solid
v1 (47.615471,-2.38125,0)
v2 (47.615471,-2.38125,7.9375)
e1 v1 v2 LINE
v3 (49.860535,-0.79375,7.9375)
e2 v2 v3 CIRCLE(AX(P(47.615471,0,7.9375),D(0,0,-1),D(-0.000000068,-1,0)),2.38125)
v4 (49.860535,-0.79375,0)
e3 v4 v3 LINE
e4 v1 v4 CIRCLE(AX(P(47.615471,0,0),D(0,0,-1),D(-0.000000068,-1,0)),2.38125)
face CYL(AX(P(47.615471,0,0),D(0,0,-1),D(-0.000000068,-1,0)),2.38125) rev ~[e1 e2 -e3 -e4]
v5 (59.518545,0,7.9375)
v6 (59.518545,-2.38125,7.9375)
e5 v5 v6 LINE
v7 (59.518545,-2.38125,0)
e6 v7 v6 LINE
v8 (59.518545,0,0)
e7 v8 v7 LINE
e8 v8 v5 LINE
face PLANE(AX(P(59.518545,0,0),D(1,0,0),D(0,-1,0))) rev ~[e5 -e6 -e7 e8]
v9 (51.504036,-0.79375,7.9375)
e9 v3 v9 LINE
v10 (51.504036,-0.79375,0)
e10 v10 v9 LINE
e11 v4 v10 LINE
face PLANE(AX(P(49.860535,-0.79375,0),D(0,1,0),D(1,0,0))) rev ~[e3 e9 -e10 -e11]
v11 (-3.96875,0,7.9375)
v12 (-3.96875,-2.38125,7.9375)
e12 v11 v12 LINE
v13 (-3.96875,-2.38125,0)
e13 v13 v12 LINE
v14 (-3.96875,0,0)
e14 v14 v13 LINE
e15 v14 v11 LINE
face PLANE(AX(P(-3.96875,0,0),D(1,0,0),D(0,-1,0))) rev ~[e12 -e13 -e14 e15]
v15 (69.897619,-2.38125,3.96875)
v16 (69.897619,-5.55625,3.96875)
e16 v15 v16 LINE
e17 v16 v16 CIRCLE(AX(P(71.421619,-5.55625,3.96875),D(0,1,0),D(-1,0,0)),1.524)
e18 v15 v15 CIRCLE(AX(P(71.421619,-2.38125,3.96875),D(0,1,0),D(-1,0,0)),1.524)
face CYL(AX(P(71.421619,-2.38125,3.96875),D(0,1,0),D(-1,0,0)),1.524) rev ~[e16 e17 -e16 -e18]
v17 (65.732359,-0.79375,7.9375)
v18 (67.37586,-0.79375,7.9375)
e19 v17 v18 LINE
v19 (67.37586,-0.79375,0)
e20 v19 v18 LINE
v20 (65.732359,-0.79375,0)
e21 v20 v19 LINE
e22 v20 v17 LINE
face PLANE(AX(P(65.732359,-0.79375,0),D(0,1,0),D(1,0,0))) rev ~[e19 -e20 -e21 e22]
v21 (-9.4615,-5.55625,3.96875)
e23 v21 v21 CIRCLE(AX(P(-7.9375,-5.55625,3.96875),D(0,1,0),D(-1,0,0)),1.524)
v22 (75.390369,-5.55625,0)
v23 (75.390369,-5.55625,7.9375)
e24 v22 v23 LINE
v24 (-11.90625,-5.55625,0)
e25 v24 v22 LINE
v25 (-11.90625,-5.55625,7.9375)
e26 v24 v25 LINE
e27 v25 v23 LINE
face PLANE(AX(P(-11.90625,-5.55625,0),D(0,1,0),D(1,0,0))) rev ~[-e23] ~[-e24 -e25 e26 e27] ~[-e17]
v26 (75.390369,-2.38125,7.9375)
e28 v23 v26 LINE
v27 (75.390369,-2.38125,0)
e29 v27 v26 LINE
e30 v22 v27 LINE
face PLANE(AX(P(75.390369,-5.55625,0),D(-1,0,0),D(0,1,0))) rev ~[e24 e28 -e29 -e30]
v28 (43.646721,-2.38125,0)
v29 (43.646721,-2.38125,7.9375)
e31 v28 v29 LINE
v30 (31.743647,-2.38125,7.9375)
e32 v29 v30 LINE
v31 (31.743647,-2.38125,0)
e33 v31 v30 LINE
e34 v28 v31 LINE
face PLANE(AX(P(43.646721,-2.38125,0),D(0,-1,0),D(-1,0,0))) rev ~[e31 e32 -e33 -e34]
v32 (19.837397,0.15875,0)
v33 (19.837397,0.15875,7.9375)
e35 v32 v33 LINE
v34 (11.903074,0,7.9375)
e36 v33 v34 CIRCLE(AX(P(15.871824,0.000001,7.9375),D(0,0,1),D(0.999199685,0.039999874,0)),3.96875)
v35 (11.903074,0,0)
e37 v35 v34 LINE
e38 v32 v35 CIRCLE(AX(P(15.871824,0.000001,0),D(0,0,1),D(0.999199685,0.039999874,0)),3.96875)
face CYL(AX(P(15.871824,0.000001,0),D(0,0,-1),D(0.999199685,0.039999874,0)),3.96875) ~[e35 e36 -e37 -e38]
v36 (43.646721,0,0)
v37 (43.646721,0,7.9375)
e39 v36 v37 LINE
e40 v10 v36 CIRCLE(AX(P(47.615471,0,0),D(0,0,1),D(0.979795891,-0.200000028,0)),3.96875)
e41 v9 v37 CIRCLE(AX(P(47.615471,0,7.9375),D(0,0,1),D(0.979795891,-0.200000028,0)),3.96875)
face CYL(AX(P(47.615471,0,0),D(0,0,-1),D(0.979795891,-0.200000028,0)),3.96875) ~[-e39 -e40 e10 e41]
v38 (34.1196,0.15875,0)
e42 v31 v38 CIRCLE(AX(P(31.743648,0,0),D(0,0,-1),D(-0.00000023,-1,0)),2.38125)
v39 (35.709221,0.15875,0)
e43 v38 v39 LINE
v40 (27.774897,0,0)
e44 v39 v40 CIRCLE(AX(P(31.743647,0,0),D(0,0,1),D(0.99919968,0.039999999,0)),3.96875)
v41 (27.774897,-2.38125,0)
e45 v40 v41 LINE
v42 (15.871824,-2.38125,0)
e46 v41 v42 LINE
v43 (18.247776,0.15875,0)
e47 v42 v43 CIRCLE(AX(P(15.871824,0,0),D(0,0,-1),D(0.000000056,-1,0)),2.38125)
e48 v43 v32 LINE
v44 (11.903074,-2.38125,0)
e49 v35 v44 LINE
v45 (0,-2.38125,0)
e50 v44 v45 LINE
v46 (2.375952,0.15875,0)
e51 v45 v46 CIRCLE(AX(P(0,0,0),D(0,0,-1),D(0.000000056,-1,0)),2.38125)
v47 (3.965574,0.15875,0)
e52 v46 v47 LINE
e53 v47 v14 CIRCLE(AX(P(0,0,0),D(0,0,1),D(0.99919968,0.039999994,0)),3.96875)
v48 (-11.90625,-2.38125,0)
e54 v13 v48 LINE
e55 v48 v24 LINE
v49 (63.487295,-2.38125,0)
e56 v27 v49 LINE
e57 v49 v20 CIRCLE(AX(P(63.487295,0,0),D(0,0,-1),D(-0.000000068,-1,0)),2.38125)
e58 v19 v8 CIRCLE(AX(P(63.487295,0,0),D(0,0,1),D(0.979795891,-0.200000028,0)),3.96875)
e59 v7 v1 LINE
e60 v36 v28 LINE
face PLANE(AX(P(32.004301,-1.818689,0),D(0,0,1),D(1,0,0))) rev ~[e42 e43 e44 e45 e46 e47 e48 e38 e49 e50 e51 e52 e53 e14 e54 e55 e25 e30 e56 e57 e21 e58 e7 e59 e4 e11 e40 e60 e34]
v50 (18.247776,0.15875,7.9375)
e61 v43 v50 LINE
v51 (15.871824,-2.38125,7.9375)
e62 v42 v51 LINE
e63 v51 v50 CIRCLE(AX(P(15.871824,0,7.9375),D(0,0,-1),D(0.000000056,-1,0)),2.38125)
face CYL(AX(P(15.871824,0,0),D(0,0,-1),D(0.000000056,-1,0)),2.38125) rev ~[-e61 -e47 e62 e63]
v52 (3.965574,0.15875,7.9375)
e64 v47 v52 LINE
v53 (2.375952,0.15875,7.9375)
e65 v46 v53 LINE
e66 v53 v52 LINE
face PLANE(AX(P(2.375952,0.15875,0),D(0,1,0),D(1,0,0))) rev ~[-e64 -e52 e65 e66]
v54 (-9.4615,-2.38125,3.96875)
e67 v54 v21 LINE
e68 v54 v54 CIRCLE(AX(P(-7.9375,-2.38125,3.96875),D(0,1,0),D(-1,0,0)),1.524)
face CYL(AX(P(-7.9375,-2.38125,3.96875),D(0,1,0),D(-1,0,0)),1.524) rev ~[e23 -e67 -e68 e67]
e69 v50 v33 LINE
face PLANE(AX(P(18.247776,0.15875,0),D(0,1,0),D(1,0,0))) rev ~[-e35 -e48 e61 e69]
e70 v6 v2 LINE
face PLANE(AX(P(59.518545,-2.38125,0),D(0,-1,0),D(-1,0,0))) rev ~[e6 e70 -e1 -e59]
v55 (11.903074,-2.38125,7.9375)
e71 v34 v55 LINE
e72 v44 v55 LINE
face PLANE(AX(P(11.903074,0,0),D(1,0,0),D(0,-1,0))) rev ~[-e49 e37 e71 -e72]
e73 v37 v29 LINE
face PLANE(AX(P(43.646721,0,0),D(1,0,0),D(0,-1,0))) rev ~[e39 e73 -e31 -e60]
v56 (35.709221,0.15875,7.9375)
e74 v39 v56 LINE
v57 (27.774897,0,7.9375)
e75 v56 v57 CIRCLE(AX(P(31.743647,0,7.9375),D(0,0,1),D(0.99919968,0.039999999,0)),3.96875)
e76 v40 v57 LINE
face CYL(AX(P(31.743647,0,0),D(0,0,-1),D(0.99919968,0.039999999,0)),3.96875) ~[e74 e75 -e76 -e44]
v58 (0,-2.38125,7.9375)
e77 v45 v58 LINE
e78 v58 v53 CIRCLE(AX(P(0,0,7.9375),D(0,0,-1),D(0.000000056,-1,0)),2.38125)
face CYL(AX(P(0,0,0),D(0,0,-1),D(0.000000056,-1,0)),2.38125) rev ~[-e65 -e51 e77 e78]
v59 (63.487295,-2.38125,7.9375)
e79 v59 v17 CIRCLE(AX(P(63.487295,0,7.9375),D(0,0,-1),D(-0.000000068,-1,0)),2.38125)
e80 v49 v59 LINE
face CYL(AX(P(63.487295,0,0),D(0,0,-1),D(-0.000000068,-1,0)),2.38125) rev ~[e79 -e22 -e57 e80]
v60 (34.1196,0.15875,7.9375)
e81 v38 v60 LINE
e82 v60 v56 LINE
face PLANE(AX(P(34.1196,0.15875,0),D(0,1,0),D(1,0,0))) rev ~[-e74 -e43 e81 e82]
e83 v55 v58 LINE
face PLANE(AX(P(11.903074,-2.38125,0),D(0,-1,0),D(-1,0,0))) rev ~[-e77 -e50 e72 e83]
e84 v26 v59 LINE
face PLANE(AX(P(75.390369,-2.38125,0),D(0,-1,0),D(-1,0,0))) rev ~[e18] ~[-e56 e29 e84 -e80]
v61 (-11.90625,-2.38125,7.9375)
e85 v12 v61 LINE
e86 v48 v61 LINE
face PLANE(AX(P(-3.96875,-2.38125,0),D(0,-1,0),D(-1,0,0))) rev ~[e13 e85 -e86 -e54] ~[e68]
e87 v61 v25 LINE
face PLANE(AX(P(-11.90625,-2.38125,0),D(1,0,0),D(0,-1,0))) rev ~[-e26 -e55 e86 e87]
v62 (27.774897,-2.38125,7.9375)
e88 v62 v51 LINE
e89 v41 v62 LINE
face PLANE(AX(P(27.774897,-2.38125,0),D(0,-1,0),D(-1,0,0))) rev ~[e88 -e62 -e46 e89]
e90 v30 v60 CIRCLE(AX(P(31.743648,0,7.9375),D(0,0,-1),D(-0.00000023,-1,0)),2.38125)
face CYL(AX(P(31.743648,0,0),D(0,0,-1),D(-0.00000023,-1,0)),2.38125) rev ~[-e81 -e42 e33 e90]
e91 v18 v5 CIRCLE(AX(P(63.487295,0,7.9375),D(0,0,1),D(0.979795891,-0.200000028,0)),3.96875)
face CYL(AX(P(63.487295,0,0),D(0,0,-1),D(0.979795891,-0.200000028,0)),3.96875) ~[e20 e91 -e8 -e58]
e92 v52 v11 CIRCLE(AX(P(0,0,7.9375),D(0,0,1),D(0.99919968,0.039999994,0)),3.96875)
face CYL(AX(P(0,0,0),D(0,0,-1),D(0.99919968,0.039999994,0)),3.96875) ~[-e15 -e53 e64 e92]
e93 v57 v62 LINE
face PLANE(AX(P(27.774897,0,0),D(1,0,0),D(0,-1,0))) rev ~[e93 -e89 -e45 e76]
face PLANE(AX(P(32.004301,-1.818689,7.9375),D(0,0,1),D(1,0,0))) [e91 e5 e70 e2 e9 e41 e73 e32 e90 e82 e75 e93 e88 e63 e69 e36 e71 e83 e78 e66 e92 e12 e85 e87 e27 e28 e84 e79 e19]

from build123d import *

# Parameters (mm, degrees)
F1_DEPTH = 7.9375
F2_R     = 1.524
F3_DEPTH = 3.176


with BuildPart() as f1:
    # F0 (on Top) → F1 (new body)
    with BuildSketch(Plane.XY):
        with BuildLine():
            ThreePointArc((0, -2.38125), (-1.739019, 1.626703), (2.375952, 0.15875))
            Line((2.375952, 0.15875), (3.965574, 0.15875))
            ThreePointArc((3.965574, 0.15875), (-0.079391, 3.967956), (-3.96875, 0))
            Line((-3.96875, 0), (-3.96875, -2.38125))
            Line((-3.96875, -2.38125), (-11.90625, -2.38125))
            Line((-11.90625, -2.38125), (-11.90625, -5.55625))
            Line((-11.90625, -5.55625), (75.390369, -5.55625))
            Line((75.390369, -5.55625), (75.390369, -2.38125))
            Line((75.390369, -2.38125), (67.452869, -2.38125))
            Line((67.452869, -2.38125), (63.487295, -2.38125))
            ThreePointArc((63.487295, -2.38125), (62.11248, 1.944282), (65.732359, -0.79375))
            Line((65.732359, -0.79375), (67.37586, -0.79375))
            ThreePointArc((67.37586, -0.79375), (63.88619, 3.948653), (59.518545, 0))
            Line((59.518545, 0), (59.518545, -2.38125))
            Line((59.518545, -2.38125), (51.581045, -2.38125))
            Line((51.581045, -2.38125), (47.615471, -2.38125))
            ThreePointArc((47.615471, -2.38125), (46.240656, 1.944282), (49.860535, -0.79375))
            Line((49.860535, -0.79375), (51.504036, -0.79375))
            ThreePointArc((51.504036, -0.79375), (48.014366, 3.948653), (43.646721, 0))
            Line((43.646721, 0), (43.646721, -2.38125))
            Line((43.646721, -2.38125), (35.709221, -2.38125))
            Line((35.709221, -2.38125), (31.743647, -2.38125))
            ThreePointArc((31.743647, -2.38125), (30.004628, 1.626703), (34.1196, 0.15875))
            Line((34.1196, 0.15875), (35.709221, 0.15875))
            ThreePointArc((35.709221, 0.15875), (31.664257, 3.967956), (27.774897, 0))
            Line((27.774897, 0), (27.774897, -2.38125))
            Line((27.774897, -2.38125), (19.837397, -2.38125))
            Line((19.837397, -2.38125), (15.871824, -2.38125))
            ThreePointArc((15.871824, -2.38125), (14.132805, 1.626703), (18.247776, 0.15875))
            Line((18.247776, 0.15875), (19.837397, 0.15875))
            ThreePointArc((19.837397, 0.15875), (15.792433, 3.967956), (11.903074, 0))
            Line((11.903074, 0), (11.903074, -2.38125))
            Line((11.903074, -2.38125), (3.965574, -2.38125))
            Line((3.965574, -2.38125), (0, -2.38125))
        make_face()
    extrude(amount=F1_DEPTH)

    # F2 (on face) → F3 (cut, through all)
    with BuildSketch(Plane(origin=(0, -2.38125, 0), x_dir=(-1, 0, 0), z_dir=(0, 1, 0))):
        with Locations((7.9375, 3.96875)):
            Circle(F2_R)
        with Locations((-71.421619, 3.96875)):
            Circle(F2_R)
    extrude(amount=-F3_DEPTH, mode=Mode.SUBTRACT)


solid = f1.part
